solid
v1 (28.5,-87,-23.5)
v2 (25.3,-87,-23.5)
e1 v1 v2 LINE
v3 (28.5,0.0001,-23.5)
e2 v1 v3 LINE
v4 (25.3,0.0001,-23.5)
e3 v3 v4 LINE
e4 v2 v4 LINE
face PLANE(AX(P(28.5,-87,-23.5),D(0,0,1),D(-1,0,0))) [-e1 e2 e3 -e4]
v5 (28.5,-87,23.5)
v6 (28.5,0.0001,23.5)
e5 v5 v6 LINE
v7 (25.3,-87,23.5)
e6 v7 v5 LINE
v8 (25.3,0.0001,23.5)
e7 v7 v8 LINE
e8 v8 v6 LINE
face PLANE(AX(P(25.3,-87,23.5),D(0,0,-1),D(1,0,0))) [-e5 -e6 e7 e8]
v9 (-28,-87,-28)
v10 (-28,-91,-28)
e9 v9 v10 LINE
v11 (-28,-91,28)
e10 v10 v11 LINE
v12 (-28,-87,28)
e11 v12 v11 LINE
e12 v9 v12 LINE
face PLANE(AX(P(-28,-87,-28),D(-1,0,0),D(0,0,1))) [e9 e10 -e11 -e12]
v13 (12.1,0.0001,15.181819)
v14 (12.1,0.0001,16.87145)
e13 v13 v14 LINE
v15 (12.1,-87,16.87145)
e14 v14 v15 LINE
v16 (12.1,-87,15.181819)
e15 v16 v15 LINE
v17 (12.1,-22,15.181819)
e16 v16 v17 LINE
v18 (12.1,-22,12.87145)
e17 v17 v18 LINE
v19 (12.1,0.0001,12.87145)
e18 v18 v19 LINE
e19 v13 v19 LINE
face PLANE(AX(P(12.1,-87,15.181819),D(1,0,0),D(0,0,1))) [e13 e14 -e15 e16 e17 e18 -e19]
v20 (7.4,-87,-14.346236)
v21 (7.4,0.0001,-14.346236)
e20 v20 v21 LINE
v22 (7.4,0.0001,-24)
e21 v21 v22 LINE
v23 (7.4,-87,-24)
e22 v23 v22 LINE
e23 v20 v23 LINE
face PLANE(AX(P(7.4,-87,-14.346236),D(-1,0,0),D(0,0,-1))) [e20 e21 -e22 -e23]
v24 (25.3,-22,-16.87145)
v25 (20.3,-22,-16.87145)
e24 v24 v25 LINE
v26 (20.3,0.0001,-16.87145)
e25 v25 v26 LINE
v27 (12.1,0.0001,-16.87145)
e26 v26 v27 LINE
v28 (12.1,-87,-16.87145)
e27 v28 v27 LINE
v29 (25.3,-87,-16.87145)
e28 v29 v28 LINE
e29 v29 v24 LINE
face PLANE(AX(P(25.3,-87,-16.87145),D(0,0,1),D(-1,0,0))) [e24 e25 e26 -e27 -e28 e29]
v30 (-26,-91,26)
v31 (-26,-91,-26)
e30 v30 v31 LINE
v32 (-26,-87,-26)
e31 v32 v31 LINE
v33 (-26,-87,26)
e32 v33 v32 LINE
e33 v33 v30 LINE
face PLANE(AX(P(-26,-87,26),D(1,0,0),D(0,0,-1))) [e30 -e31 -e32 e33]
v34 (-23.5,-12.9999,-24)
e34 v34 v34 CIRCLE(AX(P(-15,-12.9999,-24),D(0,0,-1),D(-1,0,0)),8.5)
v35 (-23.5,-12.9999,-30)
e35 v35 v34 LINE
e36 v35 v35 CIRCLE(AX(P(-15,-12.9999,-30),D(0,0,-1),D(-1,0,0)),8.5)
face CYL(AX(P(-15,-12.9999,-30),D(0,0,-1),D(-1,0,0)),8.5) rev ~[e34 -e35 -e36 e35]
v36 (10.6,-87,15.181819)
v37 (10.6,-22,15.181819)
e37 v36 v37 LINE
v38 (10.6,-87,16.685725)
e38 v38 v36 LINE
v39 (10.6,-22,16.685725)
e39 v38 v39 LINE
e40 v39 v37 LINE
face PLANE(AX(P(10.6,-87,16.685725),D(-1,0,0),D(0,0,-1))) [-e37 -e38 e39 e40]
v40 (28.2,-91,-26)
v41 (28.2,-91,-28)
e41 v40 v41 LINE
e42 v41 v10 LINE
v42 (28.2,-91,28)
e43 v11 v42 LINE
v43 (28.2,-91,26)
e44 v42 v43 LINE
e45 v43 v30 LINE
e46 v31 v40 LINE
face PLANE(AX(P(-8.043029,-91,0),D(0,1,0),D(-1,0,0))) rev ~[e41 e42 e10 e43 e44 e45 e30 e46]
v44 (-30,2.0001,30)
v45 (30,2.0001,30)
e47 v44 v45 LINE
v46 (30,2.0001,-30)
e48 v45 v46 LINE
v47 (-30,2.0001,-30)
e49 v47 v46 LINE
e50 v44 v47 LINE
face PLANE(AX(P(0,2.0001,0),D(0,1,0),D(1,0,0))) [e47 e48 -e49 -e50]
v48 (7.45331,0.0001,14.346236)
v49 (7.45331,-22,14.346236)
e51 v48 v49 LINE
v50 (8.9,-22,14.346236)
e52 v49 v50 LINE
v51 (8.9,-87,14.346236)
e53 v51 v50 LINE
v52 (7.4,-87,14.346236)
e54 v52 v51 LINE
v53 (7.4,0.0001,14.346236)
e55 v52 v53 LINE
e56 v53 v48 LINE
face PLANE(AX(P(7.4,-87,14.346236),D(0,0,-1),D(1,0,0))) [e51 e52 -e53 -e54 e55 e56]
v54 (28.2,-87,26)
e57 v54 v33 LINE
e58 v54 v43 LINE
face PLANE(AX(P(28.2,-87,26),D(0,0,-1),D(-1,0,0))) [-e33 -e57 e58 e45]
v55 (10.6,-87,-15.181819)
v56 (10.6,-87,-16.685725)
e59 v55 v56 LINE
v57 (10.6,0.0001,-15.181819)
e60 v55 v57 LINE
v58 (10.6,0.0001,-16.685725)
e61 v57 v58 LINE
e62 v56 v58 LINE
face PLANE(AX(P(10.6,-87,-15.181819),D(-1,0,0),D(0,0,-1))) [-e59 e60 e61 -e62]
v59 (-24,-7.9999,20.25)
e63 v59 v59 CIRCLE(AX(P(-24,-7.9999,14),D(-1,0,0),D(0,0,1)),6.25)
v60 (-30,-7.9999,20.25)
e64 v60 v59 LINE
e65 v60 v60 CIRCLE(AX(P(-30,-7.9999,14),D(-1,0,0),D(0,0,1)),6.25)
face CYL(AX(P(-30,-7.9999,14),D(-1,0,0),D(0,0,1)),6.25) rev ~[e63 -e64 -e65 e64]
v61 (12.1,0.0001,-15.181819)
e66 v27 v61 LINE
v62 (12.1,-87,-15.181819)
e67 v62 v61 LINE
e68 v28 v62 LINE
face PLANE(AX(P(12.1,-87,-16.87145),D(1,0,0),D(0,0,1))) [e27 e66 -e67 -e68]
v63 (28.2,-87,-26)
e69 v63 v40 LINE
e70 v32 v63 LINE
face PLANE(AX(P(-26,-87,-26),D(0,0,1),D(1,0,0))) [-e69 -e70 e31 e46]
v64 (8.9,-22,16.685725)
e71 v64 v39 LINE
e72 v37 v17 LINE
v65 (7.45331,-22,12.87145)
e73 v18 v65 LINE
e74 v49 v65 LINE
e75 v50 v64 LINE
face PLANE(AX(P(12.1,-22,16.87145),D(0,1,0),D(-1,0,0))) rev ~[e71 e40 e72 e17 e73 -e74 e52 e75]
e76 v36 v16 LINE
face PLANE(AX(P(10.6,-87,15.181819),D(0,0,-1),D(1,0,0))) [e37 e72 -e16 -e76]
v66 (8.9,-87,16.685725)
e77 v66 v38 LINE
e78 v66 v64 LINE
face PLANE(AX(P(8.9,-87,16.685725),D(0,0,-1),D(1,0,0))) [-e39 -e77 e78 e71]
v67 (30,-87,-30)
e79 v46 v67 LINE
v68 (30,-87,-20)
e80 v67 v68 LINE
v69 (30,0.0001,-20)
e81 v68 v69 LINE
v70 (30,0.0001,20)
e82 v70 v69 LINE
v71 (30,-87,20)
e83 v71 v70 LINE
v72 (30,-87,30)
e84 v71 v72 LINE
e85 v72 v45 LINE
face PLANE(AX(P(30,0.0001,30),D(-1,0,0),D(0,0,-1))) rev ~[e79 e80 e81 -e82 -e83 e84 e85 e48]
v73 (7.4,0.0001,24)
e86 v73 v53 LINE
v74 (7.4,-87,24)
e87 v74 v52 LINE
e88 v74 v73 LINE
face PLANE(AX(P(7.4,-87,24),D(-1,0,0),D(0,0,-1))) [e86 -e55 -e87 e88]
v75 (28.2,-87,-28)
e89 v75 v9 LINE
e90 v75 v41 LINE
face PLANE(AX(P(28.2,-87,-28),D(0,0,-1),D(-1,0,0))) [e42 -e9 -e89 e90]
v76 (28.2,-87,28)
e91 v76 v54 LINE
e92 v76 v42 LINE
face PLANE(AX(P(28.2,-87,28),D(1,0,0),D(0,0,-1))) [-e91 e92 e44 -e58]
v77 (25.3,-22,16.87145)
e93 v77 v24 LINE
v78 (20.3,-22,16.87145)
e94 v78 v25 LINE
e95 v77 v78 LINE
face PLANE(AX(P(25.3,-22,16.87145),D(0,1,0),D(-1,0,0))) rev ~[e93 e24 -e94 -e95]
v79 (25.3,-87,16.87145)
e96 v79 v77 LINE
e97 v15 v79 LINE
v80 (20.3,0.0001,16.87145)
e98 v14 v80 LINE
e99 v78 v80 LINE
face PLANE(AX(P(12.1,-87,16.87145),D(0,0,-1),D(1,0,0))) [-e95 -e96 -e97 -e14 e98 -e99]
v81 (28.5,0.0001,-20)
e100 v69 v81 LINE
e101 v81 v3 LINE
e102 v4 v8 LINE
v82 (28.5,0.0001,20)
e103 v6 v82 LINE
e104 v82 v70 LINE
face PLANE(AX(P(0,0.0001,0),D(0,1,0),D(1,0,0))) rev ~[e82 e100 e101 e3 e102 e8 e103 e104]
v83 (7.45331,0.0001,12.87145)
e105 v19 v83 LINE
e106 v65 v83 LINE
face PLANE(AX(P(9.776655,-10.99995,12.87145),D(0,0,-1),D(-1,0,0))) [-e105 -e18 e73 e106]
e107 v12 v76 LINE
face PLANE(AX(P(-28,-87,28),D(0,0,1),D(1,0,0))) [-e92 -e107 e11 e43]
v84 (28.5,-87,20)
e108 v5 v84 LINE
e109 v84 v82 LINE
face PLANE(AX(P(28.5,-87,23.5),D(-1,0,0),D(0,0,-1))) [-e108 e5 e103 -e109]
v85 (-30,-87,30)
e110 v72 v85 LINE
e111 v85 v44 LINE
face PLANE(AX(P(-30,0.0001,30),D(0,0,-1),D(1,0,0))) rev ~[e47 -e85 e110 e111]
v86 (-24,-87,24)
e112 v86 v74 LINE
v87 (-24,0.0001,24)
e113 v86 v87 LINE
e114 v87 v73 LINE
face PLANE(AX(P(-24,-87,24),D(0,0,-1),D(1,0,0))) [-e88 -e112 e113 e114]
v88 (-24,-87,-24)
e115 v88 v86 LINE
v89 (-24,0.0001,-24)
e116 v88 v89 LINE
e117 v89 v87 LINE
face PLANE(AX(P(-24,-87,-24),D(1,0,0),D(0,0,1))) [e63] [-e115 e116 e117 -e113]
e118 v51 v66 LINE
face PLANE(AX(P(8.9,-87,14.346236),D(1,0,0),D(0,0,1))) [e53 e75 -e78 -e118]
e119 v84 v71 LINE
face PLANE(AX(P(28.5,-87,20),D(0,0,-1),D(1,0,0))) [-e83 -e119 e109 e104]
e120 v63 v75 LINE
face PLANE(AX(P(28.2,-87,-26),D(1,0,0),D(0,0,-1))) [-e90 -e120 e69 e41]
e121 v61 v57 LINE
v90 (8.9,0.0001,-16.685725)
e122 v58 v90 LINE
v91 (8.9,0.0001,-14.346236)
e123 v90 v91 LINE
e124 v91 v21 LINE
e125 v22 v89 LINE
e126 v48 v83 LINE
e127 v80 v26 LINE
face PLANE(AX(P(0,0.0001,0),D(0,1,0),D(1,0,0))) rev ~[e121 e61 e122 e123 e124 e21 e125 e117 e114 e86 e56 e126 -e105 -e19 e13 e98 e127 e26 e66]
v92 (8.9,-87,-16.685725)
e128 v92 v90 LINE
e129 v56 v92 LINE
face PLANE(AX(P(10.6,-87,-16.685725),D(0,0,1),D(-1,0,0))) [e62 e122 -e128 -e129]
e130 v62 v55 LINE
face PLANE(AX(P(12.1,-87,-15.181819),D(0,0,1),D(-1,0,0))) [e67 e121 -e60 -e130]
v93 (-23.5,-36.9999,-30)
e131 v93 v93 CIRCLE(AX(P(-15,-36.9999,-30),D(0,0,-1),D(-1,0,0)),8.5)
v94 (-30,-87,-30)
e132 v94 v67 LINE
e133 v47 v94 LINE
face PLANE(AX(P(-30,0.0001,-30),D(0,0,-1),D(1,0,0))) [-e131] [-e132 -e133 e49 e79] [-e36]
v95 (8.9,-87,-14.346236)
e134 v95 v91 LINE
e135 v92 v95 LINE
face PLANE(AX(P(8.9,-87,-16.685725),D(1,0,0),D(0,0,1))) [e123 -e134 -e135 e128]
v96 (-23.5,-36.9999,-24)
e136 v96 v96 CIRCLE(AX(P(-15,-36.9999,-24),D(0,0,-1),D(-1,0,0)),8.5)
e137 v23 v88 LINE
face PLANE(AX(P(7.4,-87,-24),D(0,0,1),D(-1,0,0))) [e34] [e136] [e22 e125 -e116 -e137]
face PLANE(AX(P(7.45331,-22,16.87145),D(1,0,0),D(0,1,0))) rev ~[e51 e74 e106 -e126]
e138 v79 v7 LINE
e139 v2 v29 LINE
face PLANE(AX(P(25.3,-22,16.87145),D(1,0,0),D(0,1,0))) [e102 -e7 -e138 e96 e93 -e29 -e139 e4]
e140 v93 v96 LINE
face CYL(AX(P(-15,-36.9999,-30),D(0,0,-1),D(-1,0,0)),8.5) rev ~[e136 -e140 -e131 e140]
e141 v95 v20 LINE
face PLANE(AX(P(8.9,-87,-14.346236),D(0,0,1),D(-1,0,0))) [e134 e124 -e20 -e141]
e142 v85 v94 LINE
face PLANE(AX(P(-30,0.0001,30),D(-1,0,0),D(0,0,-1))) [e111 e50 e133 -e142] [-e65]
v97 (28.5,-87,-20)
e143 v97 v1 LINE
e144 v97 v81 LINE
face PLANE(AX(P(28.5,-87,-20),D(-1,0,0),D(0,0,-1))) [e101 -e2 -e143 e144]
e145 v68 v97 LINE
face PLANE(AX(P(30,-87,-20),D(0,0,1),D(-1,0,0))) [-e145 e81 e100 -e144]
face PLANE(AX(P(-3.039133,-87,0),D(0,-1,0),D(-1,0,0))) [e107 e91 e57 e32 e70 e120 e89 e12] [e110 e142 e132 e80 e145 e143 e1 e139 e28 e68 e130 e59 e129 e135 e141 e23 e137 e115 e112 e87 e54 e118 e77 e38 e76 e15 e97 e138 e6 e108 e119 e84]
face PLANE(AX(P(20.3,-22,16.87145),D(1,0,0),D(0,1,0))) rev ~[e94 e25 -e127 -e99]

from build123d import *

# Parameters (mm, degrees)
BOSS_EXTRUDE1_DEPTH      = 0.0001
BOSS_EXTRUDE1_DEPTH_BACK = 87
SKETCH4_W                = 60
SKETCH4_H                = 60
BOSS_EXTRUDE2_DEPTH      = 2
SKETCH10_W               = 4.646690451
SKETCH10_H               = 22.0001
BOSS_EXTRUDE6_DEPTH      = 4
SKETCH12_W               = 5
SKETCH12_H               = 22.0001
BOSS_EXTRUDE7_DEPTH      = 33.742899166
BOSS_EXTRUDE8_DEPTH      = 4
SKETCH13_R               = 6.25
CUT_EXTRUDE1_DEPTH       = 10
SKETCH14_R               = 8.5
CUT_EXTRUDE2_DEPTH       = 10


with BuildPart() as part:
    # Sketch1 → Boss-Extrude1 (new, two sides: drawn at the far end of the back side and taken through both)
    with BuildSketch(Plane(origin=(0, 0, 0), x_dir=(1, 0, 0), z_dir=(0, 1, 0)).offset(-BOSS_EXTRUDE1_DEPTH_BACK)):
        Polygon((30, 20), (28.5, 20), (28.5, 23.5), (25.3, 23.5), (25.3, 16.871449583), (12.1, 16.871449583), (12.1, 15.181819085), (10.6, 15.181819085), (10.6, 16.685724792), (8.9, 16.685724792), (8.9, 14.346236409), (7.4, 14.346236409), (7.4, 24), (-24, 24), (-24, -24), (7.4, -24), (7.4, -14.346236409), (8.9, -14.346236409), (8.9, -16.685724792), (10.6, -16.685724792), (10.6, -15.181819085), (12.1, -15.181819085), (12.1, -16.871449583), (25.3, -16.871449583), (25.3, -23.5), (28.5, -23.5), (28.5, -20), (30, -20), (30, -30), (-30, -30), (-30, 30), (30, 30), align=None)
    extrude(amount=BOSS_EXTRUDE1_DEPTH + BOSS_EXTRUDE1_DEPTH_BACK)

    # Sketch4 → Boss-Extrude2 (add)
    with BuildSketch(Plane(origin=(0, 0.0001, 0), x_dir=(1, 0, 0), z_dir=(0, 1, 0))):
        Rectangle(SKETCH4_W, SKETCH4_H)
    extrude(amount=BOSS_EXTRUDE2_DEPTH)

    # Sketch10 → Boss-Extrude6 (add)
    with BuildSketch(Plane(origin=(0, 0, 16.871449583), x_dir=(-1, 0, 0), z_dir=(0, 0, -1))):
        with Locations((-9.776654775, -10.99995)):
            Rectangle(SKETCH10_W, SKETCH10_H)
    extrude(amount=BOSS_EXTRUDE6_DEPTH)

    # Sketch12 → Boss-Extrude7 (add)
    with BuildSketch(Plane(origin=(0, 0, 16.871449583), x_dir=(-1, 0, 0), z_dir=(0, 0, -1))):
        with Locations((-22.8, -10.99995)):
            Rectangle(SKETCH12_W, SKETCH12_H)
    extrude(amount=BOSS_EXTRUDE7_DEPTH)

    # Sketch6 → Boss-Extrude8 (add)
    with BuildSketch(Plane.XZ.offset(87)):
        Polygon((28.2, -28), (-28, -28), (-28, 28), (28.2, 28), (28.2, 26), (-26, 26), (-26, -26), (28.2, -26), align=None)
    extrude(amount=BOSS_EXTRUDE8_DEPTH)

    # Sketch13 → Cut-Extrude1 (cut)
    with BuildSketch(Plane.ZY.offset(30)):
        with Locations((14, -7.9999)):
            Circle(SKETCH13_R)
    extrude(amount=-CUT_EXTRUDE1_DEPTH, mode=Mode.SUBTRACT)

    # Sketch14 → Cut-Extrude2 (cut)
    with BuildSketch(Plane(origin=(0, 0, -30), x_dir=(-1, 0, 0), z_dir=(0, 0, -1))):
        with Locations((15, -12.9999)):
            Circle(SKETCH14_R)
        with Locations((15, -36.9999)):
            Circle(SKETCH14_R)
    extrude(amount=-CUT_EXTRUDE2_DEPTH, mode=Mode.SUBTRACT)


solid = part.part
